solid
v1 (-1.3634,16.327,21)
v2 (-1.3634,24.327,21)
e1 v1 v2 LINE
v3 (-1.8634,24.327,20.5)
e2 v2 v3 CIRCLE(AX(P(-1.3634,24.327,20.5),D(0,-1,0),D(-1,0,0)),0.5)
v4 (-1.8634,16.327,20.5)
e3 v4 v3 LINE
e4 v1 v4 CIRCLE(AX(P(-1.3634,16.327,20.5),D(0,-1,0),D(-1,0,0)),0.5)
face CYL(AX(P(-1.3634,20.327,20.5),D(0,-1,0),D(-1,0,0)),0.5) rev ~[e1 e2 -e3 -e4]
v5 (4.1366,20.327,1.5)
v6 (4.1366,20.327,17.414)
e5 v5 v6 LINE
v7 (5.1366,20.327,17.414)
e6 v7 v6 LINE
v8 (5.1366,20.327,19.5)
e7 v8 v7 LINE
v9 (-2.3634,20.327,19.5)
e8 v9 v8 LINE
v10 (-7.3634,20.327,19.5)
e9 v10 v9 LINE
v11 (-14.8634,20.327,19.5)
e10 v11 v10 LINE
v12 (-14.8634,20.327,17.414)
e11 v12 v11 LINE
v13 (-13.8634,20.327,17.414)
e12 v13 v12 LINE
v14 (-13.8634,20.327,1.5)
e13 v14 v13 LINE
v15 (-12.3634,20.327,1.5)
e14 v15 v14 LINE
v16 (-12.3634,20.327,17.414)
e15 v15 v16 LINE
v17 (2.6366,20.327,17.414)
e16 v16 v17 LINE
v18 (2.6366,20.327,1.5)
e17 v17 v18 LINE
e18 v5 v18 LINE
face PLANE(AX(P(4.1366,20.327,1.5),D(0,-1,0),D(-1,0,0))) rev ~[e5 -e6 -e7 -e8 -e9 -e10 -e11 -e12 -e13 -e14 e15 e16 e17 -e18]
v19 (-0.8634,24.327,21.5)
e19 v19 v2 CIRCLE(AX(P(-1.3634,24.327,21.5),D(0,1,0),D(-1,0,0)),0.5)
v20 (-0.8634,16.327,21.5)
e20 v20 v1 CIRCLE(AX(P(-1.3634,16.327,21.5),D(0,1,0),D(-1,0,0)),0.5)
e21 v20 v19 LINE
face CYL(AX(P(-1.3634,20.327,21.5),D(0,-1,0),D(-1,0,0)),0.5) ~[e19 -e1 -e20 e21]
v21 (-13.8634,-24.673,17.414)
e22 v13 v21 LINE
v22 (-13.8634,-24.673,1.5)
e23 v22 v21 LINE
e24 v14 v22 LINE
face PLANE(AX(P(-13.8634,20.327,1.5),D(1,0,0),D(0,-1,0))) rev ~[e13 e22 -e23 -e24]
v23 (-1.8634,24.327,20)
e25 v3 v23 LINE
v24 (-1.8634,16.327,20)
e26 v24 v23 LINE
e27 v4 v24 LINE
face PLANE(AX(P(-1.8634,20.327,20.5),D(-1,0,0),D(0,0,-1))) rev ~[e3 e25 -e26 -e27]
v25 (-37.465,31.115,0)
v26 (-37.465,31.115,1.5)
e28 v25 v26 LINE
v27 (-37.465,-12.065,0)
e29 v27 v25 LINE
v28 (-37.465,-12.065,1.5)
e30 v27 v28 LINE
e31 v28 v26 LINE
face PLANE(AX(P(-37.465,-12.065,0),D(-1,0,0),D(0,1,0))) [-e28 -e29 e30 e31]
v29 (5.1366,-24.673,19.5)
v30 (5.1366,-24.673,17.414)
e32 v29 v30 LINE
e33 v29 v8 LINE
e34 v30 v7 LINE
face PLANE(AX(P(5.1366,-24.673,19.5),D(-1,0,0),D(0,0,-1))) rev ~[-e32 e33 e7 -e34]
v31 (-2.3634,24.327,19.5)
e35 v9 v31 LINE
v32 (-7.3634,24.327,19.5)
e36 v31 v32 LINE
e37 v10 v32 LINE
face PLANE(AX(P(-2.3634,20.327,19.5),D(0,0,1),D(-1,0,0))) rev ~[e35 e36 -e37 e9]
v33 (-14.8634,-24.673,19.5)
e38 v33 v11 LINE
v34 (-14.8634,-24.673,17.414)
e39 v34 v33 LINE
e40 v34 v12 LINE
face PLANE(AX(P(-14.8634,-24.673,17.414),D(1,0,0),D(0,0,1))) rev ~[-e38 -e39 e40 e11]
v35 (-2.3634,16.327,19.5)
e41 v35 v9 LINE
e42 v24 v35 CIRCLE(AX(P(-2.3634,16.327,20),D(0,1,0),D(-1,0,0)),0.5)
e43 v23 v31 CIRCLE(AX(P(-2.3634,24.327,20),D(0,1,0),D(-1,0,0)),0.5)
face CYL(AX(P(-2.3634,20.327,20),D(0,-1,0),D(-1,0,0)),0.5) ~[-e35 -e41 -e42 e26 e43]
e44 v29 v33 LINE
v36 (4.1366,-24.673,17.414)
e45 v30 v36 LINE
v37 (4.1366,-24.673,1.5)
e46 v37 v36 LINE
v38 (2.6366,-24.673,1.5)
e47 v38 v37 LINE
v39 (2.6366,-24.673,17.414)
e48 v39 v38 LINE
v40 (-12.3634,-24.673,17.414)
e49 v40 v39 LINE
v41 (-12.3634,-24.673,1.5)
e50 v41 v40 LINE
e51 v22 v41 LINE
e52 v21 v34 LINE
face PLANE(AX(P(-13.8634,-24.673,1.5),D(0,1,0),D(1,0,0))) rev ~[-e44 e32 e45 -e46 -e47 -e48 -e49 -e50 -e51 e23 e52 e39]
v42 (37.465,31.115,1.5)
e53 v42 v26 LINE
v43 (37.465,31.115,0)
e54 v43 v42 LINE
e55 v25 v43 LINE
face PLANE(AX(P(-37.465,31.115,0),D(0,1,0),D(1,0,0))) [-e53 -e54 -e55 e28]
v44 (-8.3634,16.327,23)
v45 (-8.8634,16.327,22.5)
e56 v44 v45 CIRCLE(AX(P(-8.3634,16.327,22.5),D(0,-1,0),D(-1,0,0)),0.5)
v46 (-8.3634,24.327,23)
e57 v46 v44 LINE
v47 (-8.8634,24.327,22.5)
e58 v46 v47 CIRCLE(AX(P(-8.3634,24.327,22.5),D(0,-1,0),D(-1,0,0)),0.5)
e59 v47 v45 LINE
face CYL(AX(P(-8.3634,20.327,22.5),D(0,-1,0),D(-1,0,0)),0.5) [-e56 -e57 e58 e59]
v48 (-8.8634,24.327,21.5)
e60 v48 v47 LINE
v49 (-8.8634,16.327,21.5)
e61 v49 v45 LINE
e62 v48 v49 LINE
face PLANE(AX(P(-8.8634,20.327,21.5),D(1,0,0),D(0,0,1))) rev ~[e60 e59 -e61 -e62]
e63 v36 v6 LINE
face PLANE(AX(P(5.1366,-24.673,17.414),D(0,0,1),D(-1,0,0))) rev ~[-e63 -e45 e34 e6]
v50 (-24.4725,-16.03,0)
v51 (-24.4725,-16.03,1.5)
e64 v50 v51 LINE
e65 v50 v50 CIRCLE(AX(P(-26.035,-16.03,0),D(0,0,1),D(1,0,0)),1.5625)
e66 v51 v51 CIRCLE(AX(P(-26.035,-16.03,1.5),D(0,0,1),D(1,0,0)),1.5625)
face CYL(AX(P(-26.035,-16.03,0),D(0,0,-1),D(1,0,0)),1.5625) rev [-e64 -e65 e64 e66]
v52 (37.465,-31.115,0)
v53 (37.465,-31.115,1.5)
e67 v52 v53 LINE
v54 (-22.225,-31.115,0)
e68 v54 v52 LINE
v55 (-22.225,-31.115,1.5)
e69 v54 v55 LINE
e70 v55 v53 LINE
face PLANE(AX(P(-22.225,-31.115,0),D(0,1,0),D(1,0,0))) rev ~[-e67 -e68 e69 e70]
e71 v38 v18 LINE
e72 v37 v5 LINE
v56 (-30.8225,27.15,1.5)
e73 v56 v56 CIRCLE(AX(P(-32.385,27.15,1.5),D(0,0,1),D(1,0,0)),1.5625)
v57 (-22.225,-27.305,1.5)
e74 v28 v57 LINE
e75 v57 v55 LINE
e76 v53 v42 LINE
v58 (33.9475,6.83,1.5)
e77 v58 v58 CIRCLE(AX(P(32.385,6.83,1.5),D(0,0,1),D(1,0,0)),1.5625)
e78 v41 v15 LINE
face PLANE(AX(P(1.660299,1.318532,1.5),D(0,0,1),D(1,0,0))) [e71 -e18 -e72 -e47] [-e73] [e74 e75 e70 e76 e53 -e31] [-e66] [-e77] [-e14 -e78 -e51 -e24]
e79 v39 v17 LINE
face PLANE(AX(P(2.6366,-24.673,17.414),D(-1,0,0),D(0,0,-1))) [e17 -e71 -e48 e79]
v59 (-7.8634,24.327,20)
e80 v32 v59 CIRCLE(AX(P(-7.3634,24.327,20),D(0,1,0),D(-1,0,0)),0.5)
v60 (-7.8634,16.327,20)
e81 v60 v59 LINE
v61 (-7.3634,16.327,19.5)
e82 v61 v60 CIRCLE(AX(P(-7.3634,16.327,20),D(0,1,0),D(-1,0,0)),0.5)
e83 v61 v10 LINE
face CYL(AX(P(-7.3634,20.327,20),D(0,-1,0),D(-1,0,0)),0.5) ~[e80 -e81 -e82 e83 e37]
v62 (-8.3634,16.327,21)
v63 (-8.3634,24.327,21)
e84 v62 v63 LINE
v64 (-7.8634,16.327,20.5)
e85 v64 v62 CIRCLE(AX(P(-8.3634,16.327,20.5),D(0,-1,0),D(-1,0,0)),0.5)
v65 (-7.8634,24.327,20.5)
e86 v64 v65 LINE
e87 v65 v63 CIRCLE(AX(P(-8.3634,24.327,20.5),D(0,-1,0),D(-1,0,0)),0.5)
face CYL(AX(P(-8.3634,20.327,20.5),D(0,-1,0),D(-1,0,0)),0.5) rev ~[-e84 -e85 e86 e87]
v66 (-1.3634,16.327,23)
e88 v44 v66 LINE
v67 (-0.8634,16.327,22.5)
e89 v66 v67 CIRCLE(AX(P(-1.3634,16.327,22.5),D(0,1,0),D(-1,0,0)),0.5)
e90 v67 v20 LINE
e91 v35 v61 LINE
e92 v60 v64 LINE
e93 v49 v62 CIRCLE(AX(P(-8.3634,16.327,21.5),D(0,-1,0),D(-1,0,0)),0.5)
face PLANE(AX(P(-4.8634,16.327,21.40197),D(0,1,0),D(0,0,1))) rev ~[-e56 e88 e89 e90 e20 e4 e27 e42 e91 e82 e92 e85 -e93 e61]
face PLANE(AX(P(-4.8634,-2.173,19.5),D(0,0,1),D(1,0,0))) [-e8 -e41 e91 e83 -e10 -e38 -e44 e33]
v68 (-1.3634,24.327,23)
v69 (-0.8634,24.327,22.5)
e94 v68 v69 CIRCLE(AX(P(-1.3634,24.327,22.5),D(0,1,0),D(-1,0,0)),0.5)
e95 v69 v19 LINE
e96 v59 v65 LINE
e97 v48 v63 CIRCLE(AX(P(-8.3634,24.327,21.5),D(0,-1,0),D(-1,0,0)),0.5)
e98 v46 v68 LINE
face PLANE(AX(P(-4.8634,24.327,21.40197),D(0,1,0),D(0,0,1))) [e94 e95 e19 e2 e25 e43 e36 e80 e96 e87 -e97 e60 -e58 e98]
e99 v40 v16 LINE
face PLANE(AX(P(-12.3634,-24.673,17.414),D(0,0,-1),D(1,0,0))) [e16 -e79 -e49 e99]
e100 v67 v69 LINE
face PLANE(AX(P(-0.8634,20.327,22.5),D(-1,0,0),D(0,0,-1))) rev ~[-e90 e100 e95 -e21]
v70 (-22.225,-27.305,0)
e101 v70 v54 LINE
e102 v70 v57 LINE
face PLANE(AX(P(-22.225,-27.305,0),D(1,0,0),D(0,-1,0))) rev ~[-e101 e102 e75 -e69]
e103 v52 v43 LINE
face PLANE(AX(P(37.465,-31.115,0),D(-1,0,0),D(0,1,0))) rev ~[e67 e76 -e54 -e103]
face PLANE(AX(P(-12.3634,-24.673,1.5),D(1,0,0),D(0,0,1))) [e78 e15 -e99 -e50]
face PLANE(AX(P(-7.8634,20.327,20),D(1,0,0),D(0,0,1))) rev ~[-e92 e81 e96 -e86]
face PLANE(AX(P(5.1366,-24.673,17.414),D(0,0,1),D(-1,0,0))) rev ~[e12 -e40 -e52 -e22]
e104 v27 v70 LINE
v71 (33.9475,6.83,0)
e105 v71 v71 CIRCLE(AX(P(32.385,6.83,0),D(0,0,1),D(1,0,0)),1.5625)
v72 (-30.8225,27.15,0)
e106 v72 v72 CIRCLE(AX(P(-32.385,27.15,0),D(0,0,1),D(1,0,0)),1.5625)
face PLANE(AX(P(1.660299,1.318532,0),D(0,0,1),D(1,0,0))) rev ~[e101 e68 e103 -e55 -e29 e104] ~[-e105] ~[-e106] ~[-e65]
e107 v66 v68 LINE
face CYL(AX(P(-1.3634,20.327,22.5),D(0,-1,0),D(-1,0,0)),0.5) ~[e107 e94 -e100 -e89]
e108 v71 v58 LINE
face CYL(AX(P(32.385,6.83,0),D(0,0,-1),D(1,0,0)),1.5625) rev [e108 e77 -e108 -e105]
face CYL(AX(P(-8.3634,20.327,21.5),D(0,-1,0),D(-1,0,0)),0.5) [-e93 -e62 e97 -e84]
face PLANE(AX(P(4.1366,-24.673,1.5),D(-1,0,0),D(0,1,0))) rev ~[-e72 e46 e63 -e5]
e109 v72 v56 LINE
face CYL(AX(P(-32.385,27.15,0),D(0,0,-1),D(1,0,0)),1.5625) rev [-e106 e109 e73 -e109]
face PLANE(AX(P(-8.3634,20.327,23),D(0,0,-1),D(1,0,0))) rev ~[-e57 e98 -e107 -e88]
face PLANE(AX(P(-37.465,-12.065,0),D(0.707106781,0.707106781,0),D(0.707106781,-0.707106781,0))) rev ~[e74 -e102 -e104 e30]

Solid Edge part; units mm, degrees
sketch "Sketch1" plane through (0, 0, 0) normal (0, 0, 1) x (1, 0, 0)
  line L0 (-22.225, -31.115) -> (37.465, -31.115)
  line L1 (37.465, -31.115) -> (37.465, 31.115)
  line L2 (-37.465, 31.115) -> (37.465, 31.115)
  line L3 (-37.465, -12.065) -> (-37.465, 31.115)
  line L4 (-37.465, -12.065) -> (-22.225, -27.305)
  line L5 (-22.225, -27.305) -> (-22.225, -31.115)
  circle A0 centre (-26.035, -16.03) radius 1.5625
  circle A1 centre (-32.385, 27.15) radius 1.5625
  circle A2 centre (32.385, 6.83) radius 1.5625
extrude "Protrusion1" add sketch "Sketch1" along normal blind 1.5
sketch "Sketch2" plane through (0, 0, 1.5) normal (0, 0, 1) x (1, 0, 0)
  line L0 (4.1366, -24.673) -> (4.1366, 20.327)
  line L1 (4.1366, 20.327) -> (-13.8634, 20.327)
  line L2 (-13.8634, 20.327) -> (-13.8634, -24.673)
  line L3 (-13.8634, -24.673) -> (4.1366, -24.673)
extrude "ExtrudedProtrusion_2" add sketch "Sketch2" along normal blind 18
sketch "Sketch3" plane through (-4.8634, -24.673, 10.5) normal (0, -1, 0) x (1, 0, 0)
  line L0 (-7.5, -9) -> (-7.5, 6.914)
  line L1 (-7.5, 6.914) -> (7.5, 6.914)
  line L2 (7.5, 6.914) -> (7.5, -9)
  line L3 (7.5, -9) -> (-7.5, -9)
extrude "ExtrudedCutout_1" cut sketch "Sketch3" against normal blind 56
sketch "Sketch4" plane through (-4.8634, -24.673, 10.5) normal (0, -1, 0) x (1, 0, 0)
  line L0 (10, 6.914) -> (-10, 6.914)
  line L1 (-10, 6.914) -> (-10, 9)
  line L2 (-10, 9) -> (10, 9)
  line L3 (10, 9) -> (10, 6.914)
extrude "ExtrudedProtrusion_3" add sketch "Sketch4" against normal blind 45
sketch "Sketch5" plane through (-4.8634, 20.327, 10.5) normal (0, 1, 0) x (-1, 0, 0)
  line L0 (3.5, 12.5) -> (-3.5, 12.5)
  arc A0 (-3.5, 12.5) -> (-4, 12) centre (-3.5, 12) ccw
  line L1 (-4, 12) -> (-4, 11)
  arc A1 (-4, 11) -> (-3.5, 10.5) centre (-3.5, 11) ccw
  arc A2 (-3.5, 10.5) -> (-3, 10) centre (-3.5, 10) cw
  line L2 (-3, 10) -> (-3, 9.5)
  arc A3 (-3, 9.5) -> (-2.5, 9) centre (-2.5, 9.5) ccw
  line L3 (-2.5, 9) -> (2.5, 9)
  arc A4 (2.5, 9) -> (3, 9.5) centre (2.5, 9.5) ccw
  line L4 (3, 9.5) -> (3, 10)
  arc A5 (3, 10) -> (3.5, 10.5) centre (3.5, 10) cw
  arc A6 (4, 11) -> (3.5, 10.5) centre (3.5, 11) cw
  line L5 (4, 11) -> (4, 12)
  arc A7 (3.5, 12.5) -> (4, 12) centre (3.5, 12) cw
extrude "ExtrudedProtrusion_4" add sketch "Sketch5" along normal mid plane 8
